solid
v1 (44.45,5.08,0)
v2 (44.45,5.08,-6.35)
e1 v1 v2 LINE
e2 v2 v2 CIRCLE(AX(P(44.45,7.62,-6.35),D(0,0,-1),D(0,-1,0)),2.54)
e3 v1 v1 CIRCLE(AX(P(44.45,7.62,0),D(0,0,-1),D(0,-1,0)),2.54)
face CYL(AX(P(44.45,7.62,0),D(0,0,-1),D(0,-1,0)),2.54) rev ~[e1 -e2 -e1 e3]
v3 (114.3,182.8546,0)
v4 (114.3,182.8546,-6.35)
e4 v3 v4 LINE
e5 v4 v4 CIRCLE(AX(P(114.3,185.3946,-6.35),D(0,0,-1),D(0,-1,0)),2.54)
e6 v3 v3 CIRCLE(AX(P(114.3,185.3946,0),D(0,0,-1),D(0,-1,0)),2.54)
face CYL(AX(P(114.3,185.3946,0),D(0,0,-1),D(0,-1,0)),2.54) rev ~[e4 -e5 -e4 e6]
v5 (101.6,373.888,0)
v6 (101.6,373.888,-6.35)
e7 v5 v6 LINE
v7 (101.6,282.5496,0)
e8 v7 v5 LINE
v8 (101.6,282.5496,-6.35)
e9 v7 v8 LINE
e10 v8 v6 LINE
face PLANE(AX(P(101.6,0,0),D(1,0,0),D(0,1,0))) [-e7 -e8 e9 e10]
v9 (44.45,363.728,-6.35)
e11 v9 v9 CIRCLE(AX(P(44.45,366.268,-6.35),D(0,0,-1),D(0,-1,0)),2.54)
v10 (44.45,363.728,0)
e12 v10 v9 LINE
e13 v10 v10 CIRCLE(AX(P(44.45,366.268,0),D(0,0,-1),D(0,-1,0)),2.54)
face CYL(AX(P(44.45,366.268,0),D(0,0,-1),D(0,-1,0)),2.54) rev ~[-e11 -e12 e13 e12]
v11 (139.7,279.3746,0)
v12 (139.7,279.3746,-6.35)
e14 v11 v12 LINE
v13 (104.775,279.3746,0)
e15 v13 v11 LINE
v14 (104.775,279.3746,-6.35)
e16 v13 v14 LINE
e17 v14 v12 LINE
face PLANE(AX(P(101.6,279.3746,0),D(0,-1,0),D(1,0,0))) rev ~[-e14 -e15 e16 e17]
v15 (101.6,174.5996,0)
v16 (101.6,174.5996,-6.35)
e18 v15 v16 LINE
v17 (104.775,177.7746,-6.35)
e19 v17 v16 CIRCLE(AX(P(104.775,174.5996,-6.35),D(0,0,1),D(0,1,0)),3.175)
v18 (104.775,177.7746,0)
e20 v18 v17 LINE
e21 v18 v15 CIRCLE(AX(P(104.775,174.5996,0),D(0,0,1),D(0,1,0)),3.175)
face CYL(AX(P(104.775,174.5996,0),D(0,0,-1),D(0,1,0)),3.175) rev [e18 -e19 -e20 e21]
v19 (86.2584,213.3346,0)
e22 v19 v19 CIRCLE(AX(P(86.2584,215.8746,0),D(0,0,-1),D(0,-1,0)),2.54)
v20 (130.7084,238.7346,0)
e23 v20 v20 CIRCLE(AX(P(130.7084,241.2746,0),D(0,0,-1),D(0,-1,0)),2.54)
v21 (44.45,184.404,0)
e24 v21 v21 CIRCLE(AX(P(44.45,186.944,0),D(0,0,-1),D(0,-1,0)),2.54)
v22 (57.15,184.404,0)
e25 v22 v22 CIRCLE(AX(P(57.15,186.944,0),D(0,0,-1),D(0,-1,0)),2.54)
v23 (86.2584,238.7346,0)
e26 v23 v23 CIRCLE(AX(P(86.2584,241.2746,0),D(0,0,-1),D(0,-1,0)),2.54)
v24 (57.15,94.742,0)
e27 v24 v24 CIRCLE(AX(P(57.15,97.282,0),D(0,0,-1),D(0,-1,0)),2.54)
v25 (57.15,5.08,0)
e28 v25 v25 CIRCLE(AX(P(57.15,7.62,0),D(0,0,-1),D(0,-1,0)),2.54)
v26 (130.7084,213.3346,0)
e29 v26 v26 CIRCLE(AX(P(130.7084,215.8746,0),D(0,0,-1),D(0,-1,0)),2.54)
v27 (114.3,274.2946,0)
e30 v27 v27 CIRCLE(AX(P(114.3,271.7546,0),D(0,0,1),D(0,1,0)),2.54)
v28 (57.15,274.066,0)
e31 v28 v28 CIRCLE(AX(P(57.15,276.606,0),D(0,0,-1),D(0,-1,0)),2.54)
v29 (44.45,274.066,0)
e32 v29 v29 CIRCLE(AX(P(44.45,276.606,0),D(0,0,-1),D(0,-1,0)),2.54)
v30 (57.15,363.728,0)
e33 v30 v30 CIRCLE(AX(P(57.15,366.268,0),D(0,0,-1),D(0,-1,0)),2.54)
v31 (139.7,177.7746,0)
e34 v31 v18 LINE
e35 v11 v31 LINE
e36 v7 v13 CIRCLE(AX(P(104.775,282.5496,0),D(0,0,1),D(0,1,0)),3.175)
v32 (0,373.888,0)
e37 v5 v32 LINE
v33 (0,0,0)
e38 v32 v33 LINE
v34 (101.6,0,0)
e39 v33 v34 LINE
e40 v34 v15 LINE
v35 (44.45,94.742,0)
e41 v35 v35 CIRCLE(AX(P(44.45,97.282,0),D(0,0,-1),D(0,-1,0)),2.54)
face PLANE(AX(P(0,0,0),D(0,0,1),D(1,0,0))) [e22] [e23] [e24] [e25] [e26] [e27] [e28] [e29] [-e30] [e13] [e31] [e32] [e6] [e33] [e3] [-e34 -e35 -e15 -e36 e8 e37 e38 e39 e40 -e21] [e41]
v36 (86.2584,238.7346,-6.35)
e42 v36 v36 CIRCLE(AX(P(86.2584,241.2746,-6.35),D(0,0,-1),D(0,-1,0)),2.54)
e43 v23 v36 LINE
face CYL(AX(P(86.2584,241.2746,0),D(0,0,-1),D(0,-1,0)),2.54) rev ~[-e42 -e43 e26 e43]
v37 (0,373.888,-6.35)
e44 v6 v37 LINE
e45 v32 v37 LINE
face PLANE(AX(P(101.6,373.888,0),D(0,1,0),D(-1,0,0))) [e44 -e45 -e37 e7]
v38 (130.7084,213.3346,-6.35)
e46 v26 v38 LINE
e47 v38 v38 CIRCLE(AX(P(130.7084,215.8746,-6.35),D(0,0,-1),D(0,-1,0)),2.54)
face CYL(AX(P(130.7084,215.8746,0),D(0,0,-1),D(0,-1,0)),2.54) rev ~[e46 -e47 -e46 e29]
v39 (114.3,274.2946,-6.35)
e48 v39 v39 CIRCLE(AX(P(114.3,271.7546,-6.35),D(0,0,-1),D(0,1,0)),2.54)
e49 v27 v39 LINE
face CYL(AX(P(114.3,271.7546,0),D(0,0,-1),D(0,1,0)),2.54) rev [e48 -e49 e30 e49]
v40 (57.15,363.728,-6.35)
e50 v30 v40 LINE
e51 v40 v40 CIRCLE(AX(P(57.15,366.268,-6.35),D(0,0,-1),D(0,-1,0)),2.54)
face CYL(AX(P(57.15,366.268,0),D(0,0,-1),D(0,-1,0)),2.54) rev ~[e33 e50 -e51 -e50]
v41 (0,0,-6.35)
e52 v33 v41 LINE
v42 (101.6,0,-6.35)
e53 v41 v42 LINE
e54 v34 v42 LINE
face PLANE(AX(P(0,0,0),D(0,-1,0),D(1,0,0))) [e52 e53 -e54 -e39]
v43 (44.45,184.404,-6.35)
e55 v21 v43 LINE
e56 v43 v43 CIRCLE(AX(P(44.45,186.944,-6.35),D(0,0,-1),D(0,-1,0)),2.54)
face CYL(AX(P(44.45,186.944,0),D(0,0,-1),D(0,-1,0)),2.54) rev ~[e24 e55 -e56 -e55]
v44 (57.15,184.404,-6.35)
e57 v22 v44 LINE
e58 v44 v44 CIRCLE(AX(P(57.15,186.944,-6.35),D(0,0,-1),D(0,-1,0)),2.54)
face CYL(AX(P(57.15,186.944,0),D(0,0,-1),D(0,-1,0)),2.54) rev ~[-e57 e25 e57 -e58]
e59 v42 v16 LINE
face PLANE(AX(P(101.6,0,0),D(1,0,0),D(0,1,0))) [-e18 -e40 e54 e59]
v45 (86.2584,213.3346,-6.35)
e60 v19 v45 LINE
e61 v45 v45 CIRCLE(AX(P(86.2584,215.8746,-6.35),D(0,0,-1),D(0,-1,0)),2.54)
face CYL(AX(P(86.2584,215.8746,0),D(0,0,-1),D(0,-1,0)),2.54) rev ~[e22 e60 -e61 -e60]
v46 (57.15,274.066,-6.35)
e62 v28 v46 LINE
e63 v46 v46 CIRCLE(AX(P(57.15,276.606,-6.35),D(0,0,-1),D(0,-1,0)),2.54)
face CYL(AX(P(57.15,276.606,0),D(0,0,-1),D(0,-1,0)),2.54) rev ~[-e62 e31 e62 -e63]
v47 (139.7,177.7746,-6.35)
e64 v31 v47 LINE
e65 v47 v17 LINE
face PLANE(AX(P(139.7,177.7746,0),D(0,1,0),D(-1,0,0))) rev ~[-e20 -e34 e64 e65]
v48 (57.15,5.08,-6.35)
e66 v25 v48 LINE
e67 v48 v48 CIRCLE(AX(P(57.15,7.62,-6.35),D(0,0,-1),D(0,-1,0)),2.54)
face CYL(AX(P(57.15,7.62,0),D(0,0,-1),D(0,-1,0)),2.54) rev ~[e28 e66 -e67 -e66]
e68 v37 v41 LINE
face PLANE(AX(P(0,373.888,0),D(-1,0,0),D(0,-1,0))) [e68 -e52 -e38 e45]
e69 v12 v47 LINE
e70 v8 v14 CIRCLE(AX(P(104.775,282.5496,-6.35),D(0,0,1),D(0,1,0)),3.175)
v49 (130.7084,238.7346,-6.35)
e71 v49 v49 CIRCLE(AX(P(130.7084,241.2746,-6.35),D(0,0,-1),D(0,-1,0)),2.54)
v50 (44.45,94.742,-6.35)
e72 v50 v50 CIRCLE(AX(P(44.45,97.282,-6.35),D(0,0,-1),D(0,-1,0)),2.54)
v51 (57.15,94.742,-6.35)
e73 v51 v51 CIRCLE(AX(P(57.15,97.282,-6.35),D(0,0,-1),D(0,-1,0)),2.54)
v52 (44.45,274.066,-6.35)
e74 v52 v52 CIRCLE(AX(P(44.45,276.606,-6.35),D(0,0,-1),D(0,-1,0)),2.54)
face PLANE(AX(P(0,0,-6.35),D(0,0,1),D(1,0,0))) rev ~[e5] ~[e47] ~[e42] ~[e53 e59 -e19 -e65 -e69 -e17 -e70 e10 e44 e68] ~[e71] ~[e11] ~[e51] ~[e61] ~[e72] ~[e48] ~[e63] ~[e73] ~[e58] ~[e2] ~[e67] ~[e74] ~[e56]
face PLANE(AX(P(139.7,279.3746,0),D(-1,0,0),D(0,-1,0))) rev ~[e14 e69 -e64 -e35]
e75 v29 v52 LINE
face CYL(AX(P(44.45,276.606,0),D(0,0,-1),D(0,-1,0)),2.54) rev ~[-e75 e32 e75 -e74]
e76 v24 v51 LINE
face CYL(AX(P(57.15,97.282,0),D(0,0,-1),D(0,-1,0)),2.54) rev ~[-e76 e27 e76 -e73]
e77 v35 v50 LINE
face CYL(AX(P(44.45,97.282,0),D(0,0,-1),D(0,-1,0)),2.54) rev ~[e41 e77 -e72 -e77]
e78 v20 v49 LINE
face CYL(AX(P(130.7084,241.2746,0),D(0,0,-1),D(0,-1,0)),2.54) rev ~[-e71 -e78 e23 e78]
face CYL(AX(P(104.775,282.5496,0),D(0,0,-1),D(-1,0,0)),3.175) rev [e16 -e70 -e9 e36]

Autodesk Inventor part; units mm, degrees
ref_plane "YZ Plane" through (0, 0, 0) normal (1, 0, 0) x (0, 1, 0)
ref_plane "XZ Plane" through (0, 0, 0) normal (0, 1, 0) x (-1, 0, 0)
ref_plane "XY Plane" through (0, 0, 0) normal (0, 0, 1) x (1, 0, 0)
sketch "Sketch1" plane through (0, 0, 0) normal (0, 0, 1) x (1, 0, 0)
  line L0 (0, 0) -> (101.6, 0)
  line L1 (101.6, 0) -> (101.6, 373.888)
  line L2 (101.6, 373.888) -> (0, 373.888)
  line L3 (0, 373.888) -> (0, 0)
  dimension "d0" = 101.6
  dimension "d1" = 373.888
extrude "Extrusion1" add sketch "Sketch1" against normal blind 6.35
sketch "Sketch2" plane through (0, 0, 0) normal (0, 0, 1) x (1, 0, 0)
  line L0 (101.6, 0) -> (101.6, 373.888) projected
  line L1 (50.3784, 186.944) -> (-65.1556, 186.944) construction
  line L2 (0, 228.5746) -> (-60.1541, 228.5746) construction
  line L3 (101.6, 279.3746) -> (139.7, 279.3746)
  line L4 (139.7, 279.3746) -> (139.7, 177.7746)
  line L5 (139.7, 177.7746) -> (101.6, 177.7746)
  line L6 (101.6, 177.7746) -> (101.6, 279.3746)
  line L7 (0, 0) -> (101.6, 0) construction
  line L8 (101.6, 373.888) -> (0, 373.888) construction
  point P0 (101.6, 228.5746)
  dimension "d50" = 41.6306
  dimension "d51" = 38.1
  dimension "d52" = 101.6
  dimension "d53" = 373.888
  dimension "d54" = 186.944
extrude "Extrusion2" add sketch "Sketch2" against normal blind 6.35
fillet "Fillet1" radius 3.175 1 edges at (101.6, 279.3746, -3.175)
fillet "Fillet2" radius 3.175 1 edges at (101.6, 177.7746, -3.175)
sketch "Sketch3" plane through (0, 0, 0) normal (0, 0, 1) x (1, 0, 0)
  line L0 (101.6, 0) -> (101.6, 174.5996) projected
  line L1 (0, 0) -> (101.6, 0) projected
  point P0 (44.45, 7.62)
  point P1 (101.6, 132.969)
  point P2 (101.6, 180.594)
  dimension "d11" = 57.15
  dimension "d12" = 7.62
hole "Hole1" at (44.45, 7.62, 0) direction (0, 0, -1) diameter 5.08 end through all
ref_plane "Work Plane1" through (50.8, 0, 0) normal (-1, 0, 0) x (0, 0, 1)
pattern_linear "Rectangular Pattern1" count 2 spacing 12.7 along (1, 0, 0) count 5 spacing 89.662 along (0, 1, 0) of "Hole1"
ref_plane "Work Plane4" through (139.7, 228.5746, -6.35) normal (0, -1, 0) x (1, 0, 0)
sketch "Sketch6" plane through (0, 0, 0) normal (0, 0, 1) x (1, 0, 0)
  line L0 (139.7, 279.3746) -> (139.7, 177.7746) construction
  line L1 (139.7, 177.7746) -> (104.775, 177.7746) construction
  point P0 (0, 0)
  point P1 (114.3, 185.3946)
  dimension "d56" = 25.4
  dimension "d57" = 7.62
hole "Hole4" at (114.3, 185.3946, 0) direction (0, 0, -1) diameter 5.08 end through all
mirror "Mirror3" about plane through (139.7, 228.5746, -6.35) normal (0, -1, 0) of "Hole4"
sketch "Sketch7" plane through (0, 0, 0) normal (0, 0, 1) x (1, 0, 0)
  line L0 (0, 373.888) -> (0, 0) construction
  line L1 (167.64, 228.5746) -> (-27.94, 228.5746) projected
  point P0 (86.2584, 241.2746)
  dimension "d65" = 86.2584
  dimension "d73" = 12.7
hole "Hole5" at (86.2584, 241.2746, 0) direction (0, 0, -1) diameter 5.08 end through all
pattern_linear "Rectangular Pattern3" count 2 spacing 25.4 along (0, -1, 0) count 2 spacing 44.45 along (1, 0, 0) of "Hole5"
properties part number "Backhoe to Frame Mount"
